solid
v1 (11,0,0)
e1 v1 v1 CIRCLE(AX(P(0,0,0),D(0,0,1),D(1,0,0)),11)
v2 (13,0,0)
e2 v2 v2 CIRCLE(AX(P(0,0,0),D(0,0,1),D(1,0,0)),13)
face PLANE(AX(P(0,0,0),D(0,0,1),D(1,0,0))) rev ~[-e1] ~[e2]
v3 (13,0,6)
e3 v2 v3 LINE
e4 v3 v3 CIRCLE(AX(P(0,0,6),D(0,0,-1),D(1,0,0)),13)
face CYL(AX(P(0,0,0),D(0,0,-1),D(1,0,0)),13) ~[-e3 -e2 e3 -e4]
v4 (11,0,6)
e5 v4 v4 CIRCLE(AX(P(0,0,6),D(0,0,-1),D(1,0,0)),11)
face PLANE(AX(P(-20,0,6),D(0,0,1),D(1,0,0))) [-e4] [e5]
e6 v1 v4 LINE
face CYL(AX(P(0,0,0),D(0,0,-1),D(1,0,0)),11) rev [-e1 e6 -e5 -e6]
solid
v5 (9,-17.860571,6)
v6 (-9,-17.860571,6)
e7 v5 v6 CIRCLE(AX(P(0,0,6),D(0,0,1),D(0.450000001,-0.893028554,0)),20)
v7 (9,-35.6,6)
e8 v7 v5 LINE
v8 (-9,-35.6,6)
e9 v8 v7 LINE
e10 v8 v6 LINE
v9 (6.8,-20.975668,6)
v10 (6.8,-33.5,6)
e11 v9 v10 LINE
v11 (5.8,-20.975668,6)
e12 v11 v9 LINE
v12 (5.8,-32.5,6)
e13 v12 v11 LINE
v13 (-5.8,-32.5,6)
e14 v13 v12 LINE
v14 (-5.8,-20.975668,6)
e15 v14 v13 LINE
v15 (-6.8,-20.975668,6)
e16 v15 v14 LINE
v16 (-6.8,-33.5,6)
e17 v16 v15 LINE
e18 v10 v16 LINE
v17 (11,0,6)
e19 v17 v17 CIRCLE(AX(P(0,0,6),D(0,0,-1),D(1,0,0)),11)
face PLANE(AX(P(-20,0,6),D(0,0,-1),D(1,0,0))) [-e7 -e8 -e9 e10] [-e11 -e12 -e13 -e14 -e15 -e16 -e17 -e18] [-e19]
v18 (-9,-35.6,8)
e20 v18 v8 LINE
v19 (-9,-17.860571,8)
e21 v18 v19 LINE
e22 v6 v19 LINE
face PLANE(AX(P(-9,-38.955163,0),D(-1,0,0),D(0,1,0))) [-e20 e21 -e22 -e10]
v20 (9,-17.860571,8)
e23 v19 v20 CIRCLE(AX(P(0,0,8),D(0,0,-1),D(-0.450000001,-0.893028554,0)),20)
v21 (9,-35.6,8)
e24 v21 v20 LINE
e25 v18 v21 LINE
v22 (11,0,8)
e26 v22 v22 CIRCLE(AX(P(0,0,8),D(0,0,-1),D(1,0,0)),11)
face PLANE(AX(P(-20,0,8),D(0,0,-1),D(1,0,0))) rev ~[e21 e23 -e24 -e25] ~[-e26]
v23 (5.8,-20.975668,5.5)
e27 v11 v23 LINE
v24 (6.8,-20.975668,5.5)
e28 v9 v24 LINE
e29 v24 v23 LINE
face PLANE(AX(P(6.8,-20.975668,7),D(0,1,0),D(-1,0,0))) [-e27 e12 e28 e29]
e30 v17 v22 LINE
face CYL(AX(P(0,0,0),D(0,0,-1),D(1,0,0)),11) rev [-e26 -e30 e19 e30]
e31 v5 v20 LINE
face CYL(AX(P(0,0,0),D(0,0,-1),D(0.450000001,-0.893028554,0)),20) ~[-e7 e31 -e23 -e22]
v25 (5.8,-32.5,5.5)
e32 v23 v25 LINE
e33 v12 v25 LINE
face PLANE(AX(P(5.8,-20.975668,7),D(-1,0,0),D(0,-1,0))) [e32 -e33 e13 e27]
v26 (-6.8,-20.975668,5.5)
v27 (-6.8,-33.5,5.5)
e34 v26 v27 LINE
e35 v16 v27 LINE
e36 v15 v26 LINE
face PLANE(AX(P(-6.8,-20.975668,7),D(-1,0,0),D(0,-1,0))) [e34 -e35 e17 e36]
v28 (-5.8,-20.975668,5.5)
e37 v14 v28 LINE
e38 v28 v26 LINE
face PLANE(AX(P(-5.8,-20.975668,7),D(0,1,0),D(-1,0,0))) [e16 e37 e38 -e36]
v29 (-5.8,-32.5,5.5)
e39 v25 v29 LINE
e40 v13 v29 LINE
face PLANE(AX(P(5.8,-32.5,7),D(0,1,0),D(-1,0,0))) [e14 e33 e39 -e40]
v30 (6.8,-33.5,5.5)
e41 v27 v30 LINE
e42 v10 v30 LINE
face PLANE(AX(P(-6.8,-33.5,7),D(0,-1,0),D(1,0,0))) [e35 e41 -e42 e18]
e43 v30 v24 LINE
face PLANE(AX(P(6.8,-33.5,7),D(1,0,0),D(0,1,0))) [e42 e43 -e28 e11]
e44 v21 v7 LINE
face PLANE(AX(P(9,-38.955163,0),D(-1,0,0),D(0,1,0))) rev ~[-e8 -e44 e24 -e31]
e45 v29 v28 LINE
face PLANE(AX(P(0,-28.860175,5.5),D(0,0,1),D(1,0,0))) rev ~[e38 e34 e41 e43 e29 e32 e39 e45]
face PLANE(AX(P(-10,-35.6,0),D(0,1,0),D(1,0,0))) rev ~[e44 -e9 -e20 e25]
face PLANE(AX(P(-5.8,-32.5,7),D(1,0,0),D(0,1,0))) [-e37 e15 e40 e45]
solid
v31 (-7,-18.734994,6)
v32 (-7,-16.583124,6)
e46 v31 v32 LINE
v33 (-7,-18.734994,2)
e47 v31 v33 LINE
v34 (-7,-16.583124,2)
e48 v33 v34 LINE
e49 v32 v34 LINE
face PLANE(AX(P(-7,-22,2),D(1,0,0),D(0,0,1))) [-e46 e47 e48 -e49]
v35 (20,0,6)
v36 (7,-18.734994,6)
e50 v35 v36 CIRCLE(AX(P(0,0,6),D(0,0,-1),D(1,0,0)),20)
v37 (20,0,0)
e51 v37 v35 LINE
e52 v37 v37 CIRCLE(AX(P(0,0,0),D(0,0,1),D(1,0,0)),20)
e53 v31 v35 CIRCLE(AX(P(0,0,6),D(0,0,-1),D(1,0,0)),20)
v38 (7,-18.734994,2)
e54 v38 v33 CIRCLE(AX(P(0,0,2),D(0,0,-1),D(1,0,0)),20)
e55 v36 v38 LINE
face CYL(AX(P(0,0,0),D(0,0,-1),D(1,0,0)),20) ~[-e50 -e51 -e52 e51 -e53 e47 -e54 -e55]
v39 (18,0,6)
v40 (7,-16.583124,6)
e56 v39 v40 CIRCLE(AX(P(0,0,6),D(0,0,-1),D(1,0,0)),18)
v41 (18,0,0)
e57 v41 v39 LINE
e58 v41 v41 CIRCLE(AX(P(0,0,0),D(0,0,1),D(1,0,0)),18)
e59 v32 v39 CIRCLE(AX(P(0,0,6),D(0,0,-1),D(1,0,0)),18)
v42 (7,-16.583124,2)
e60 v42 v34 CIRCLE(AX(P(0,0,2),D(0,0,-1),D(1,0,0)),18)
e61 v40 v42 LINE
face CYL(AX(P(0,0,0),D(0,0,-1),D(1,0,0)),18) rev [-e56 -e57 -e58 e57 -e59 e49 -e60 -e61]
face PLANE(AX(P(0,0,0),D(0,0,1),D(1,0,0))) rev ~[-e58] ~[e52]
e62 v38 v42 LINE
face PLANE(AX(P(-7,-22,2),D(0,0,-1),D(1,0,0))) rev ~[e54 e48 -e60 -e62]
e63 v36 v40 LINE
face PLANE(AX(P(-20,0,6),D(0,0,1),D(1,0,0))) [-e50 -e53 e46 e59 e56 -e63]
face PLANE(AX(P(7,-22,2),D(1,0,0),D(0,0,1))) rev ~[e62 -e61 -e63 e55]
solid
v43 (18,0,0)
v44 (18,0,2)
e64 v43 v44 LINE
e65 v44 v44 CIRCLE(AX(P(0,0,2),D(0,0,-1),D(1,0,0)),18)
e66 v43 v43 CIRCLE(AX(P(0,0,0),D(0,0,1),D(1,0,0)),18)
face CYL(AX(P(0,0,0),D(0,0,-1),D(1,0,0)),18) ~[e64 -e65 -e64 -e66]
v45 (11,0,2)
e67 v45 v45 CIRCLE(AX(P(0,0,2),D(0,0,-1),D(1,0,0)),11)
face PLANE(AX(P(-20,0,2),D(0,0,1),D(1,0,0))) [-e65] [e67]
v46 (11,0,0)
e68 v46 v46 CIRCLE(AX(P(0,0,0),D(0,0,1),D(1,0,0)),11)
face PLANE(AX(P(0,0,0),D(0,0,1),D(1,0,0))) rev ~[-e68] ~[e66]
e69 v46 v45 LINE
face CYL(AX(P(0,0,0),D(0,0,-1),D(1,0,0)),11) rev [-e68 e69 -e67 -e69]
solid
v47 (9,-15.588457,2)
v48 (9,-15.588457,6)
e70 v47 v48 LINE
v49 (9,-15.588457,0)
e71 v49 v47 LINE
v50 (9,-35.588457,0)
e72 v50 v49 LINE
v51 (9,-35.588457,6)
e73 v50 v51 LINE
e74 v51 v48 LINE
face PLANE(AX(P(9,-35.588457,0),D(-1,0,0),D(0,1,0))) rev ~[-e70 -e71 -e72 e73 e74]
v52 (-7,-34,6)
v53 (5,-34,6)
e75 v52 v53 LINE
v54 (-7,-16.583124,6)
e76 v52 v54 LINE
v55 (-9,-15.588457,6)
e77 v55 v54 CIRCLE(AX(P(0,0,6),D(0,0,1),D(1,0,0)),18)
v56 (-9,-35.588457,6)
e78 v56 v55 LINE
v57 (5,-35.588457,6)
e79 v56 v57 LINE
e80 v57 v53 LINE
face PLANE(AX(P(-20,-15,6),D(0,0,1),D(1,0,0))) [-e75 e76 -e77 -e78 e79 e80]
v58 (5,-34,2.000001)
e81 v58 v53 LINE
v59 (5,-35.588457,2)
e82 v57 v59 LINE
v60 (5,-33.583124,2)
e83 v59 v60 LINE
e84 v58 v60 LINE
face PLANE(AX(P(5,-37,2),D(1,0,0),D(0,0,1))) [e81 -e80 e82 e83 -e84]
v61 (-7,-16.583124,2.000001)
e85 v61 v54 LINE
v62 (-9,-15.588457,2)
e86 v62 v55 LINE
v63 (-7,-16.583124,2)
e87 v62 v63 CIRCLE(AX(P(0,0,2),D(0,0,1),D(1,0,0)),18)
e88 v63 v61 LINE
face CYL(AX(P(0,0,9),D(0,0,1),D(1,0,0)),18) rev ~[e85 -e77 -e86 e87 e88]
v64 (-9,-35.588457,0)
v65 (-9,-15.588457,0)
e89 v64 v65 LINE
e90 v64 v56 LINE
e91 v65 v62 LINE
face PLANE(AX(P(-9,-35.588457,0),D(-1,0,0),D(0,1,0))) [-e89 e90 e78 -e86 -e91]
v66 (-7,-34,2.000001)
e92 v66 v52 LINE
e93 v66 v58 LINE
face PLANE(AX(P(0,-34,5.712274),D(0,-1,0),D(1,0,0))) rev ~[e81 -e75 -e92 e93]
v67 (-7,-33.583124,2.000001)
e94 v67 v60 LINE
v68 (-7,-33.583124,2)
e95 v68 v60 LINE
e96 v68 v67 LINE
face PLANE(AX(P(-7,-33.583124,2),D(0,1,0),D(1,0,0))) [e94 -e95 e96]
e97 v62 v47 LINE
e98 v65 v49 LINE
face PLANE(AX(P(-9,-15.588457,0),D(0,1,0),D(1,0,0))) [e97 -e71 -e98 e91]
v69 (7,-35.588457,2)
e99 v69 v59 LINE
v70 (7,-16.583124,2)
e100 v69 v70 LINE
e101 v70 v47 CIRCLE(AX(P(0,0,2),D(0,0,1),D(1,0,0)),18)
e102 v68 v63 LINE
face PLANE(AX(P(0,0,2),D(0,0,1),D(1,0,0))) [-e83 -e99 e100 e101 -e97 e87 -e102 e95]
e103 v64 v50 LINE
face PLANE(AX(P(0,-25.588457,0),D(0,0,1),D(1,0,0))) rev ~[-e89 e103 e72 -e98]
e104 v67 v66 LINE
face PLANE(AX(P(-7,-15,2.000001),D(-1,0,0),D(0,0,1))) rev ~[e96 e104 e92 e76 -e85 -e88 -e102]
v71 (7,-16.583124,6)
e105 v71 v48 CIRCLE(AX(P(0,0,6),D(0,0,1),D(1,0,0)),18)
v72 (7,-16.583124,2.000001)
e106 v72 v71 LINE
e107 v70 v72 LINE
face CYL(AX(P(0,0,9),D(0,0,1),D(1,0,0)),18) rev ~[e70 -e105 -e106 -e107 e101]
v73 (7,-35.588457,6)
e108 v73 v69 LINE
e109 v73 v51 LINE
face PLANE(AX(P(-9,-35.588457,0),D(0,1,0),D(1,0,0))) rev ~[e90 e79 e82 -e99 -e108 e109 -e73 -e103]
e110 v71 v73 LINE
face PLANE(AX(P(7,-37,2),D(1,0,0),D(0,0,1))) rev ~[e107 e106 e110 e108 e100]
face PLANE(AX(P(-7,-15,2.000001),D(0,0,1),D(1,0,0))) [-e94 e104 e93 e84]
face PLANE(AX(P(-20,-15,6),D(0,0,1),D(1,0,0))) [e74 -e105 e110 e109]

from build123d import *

# Parameters (mm, degrees)
SKETCH_R             = 20
PAD_DEPTH            = 30
SKETCH001_R          = 18
POCKET_DEPTH         = 40
SKETCH002_W          = 40
SKETCH002_H          = 26
POCKET001_DEPTH      = 20.001
POCKET001_DEPTH_BACK = 20.001
SKETCH014_W          = 14
SKETCH014_H          = 7.569522
POCKET010_DEPTH      = 6
SKETCH005_R          = 13
PAD002_DEPTH         = 30
SKETCH006_W          = 40
SKETCH006_H          = 26
POCKET003_DEPTH      = 13.001
POCKET003_DEPTH_BACK = 13.001
SKETCH007_R          = 11
POCKET004_DEPTH      = 6.001
SKETCH003_R          = 18
PAD001_DEPTH         = 30
SKETCH004_W          = 40
SKETCH004_H          = 30
POCKET002_DEPTH      = 18.001
POCKET002_DEPTH_BACK = 18.001
SKETCH008_R          = 11
POCKET005_DEPTH      = 2.001
SKETCH009_W          = 18
SKETCH009_H          = 20
PAD003_DEPTH         = 9
SKETCH010_W          = 14
SKETCH010_H          = 17
POCKET006_DEPTH      = 7
SKETCH011_W          = 40
SKETCH011_H          = 26
POCKET007_DEPTH      = 21
SKETCH012_W          = 14
SKETCH012_H          = 7.424547
POCKET008_DEPTH      = 19
SKETCH013_R          = 18
POCKET009_DEPTH      = 7
SKETCH021_W          = 2
SKETCH021_H          = 8
POCKET015_DEPTH      = 5
SKETCH015_W          = 40
SKETCH015_H          = 26
PAD004_DEPTH         = 36
SKETCH016_W          = 40
SKETCH016_H          = 26
POCKET011_DEPTH      = 36
SKETCH017_R          = 11
POCKET012_DEPTH      = 8.001
POCKET013_DEPTH      = 25
SKETCH019_W          = 20
SKETCH019_H          = 5
POCKET014_DEPTH      = 15
PAD005_DEPTH         = 1.5


with BuildPart() as base_cylinder_external:
    # Sketch → Pad (new body)
    with BuildSketch(Plane.XY):
        Circle(SKETCH_R)
    extrude(amount=PAD_DEPTH)

    # Sketch001 → Pocket (cut)
    with BuildSketch(Plane.XY):
        Circle(SKETCH001_R)
    extrude(amount=POCKET_DEPTH, mode=Mode.SUBTRACT)

    # Sketch002 → Pocket001 (cut, two sides)
    with BuildSketch(Plane.XZ) as pocket001_sk:
        with Locations((0, 19)):
            Rectangle(SKETCH002_W, SKETCH002_H)
    extrude(amount=-POCKET001_DEPTH, mode=Mode.SUBTRACT)
    extrude(pocket001_sk.sketch, amount=POCKET001_DEPTH_BACK, mode=Mode.SUBTRACT)

    # Sketch014 → Pocket010 (cut)
    with BuildSketch(Plane.XZ.offset(22)):
        with Locations((0, 5.784761)):
            Rectangle(SKETCH014_W, SKETCH014_H)
    extrude(amount=-POCKET010_DEPTH, mode=Mode.SUBTRACT)


with BuildPart() as base_cylinder_internal:
    # Sketch005 → Pad002 (new body)
    with BuildSketch(Plane.XY):
        Circle(SKETCH005_R)
    extrude(amount=PAD002_DEPTH)

    # Sketch006 → Pocket003 (cut, two sides)
    with BuildSketch(Plane.XZ) as pocket003_sk:
        with Locations((0, 19)):
            Rectangle(SKETCH006_W, SKETCH006_H)
    extrude(amount=-POCKET003_DEPTH, mode=Mode.SUBTRACT)
    extrude(pocket003_sk.sketch, amount=POCKET003_DEPTH_BACK, mode=Mode.SUBTRACT)

    # Sketch007 → Pocket004 (cut, through all)
    with BuildSketch(Plane.XY):
        Circle(SKETCH007_R)
    extrude(amount=POCKET004_DEPTH, mode=Mode.SUBTRACT)


with BuildPart() as base_cylinder_intermediate:
    # Sketch003 → Pad001 (new body)
    with BuildSketch(Plane.XY):
        Circle(SKETCH003_R)
    extrude(amount=PAD001_DEPTH)

    # Sketch004 → Pocket002 (cut, two sides)
    with BuildSketch(Plane.XZ) as pocket002_sk:
        with Locations((0, 17)):
            Rectangle(SKETCH004_W, SKETCH004_H)
    extrude(amount=-POCKET002_DEPTH, mode=Mode.SUBTRACT)
    extrude(pocket002_sk.sketch, amount=POCKET002_DEPTH_BACK, mode=Mode.SUBTRACT)

    # Sketch008 → Pocket005 (cut, through all)
    with BuildSketch(Plane.XY):
        Circle(SKETCH008_R)
    extrude(amount=POCKET005_DEPTH, mode=Mode.SUBTRACT)


with BuildPart() as base_box:
    # Sketch009 → Pad003 (new body)
    with BuildSketch(Plane.XY):
        with Locations((0, -25.588457)):
            Rectangle(SKETCH009_W, SKETCH009_H)
    extrude(amount=PAD003_DEPTH)

    # Sketch010 → Pocket006 (cut)
    with BuildSketch(Plane.XY.offset(2)):
        with Locations((0, -25.083124)):
            Rectangle(SKETCH010_W, SKETCH010_H)
    extrude(amount=POCKET006_DEPTH, mode=Mode.SUBTRACT)

    # Sketch011 → Pocket007 (cut)
    with BuildSketch(Plane.XZ.offset(15)):
        with Locations((0, 19)):
            Rectangle(SKETCH011_W, SKETCH011_H)
    extrude(amount=POCKET007_DEPTH, mode=Mode.SUBTRACT)

    # Sketch012 → Pocket008 (cut)
    with BuildSketch(Plane.XZ.offset(15)):
        with Locations((0, 5.712274)):
            Rectangle(SKETCH012_W, SKETCH012_H)
    extrude(amount=POCKET008_DEPTH, mode=Mode.SUBTRACT)

    # Sketch013 → Pocket009 (cut)
    with BuildSketch(Plane.XY.offset(9)):
        Circle(SKETCH013_R)
    extrude(amount=-POCKET009_DEPTH, mode=Mode.SUBTRACT)

    # Sketch021 → Pocket015 (cut)
    with BuildSketch(Plane.XZ.offset(37)):
        with Locations((6, 6)):
            Rectangle(SKETCH021_W, SKETCH021_H)
    extrude(amount=-POCKET015_DEPTH, mode=Mode.SUBTRACT)


with BuildPart() as top:
    # Sketch015 → Pad004 (new body, symmetric)
    with BuildSketch(Plane.XZ):
        with Locations((0, 19)):
            Rectangle(SKETCH015_W, SKETCH015_H)
    extrude(amount=PAD004_DEPTH, both=True)

    # Sketch016 → Pocket011 (cut, symmetric)
    with BuildSketch(Plane.XZ):
        with Locations((0, 21)):
            Rectangle(SKETCH016_W, SKETCH016_H)
    extrude(amount=POCKET011_DEPTH, both=True, mode=Mode.SUBTRACT)

    # Sketch017 → Pocket012 (cut, through all)
    with BuildSketch(Plane.XY):
        Circle(SKETCH017_R)
    extrude(amount=POCKET012_DEPTH, mode=Mode.SUBTRACT)

    # Sketch018 → Pocket013 (cut)
    with BuildSketch(Plane.XY):
        with BuildLine():
            Line((9, -38.955163), (9, -17.860571))
            ThreePointArc((9, -17.860571), (0, 20), (-9, -17.860571))
            Line((-9, -38.955163), (-9, -17.860571))
            Line((-9, -38.955163), (-27, -38.955163))
            Line((-27, -38.955163), (-27, 41.044837))
            Line((-27, 41.044837), (27, 41.044837))
            Line((27, 41.044837), (27, -38.955163))
            Line((27, -38.955163), (9, -38.955163))
        make_face()
    extrude(amount=POCKET013_DEPTH, mode=Mode.SUBTRACT)

    # Sketch019 → Pocket014 (cut)
    with BuildSketch(Plane.XY):
        with Locations((0, -38.1)):
            Rectangle(SKETCH019_W, SKETCH019_H)
    extrude(amount=POCKET014_DEPTH, mode=Mode.SUBTRACT)

    # Sketch020 → Pad005 (join)
    with BuildSketch(Plane.XY.offset(7)):
        Polygon((-6.8, -20.975668), (-6.8, -33.5), (6.8, -33.5), (6.8, -20.975668), (5.8, -20.975668), (5.8, -32.5), (-5.8, -32.5), (-5.8, -20.975668), align=None)
    extrude(amount=-PAD005_DEPTH)


solid = Compound([base_cylinder_external.part, base_cylinder_internal.part, base_cylinder_intermediate.part, base_box.part, top.part])
